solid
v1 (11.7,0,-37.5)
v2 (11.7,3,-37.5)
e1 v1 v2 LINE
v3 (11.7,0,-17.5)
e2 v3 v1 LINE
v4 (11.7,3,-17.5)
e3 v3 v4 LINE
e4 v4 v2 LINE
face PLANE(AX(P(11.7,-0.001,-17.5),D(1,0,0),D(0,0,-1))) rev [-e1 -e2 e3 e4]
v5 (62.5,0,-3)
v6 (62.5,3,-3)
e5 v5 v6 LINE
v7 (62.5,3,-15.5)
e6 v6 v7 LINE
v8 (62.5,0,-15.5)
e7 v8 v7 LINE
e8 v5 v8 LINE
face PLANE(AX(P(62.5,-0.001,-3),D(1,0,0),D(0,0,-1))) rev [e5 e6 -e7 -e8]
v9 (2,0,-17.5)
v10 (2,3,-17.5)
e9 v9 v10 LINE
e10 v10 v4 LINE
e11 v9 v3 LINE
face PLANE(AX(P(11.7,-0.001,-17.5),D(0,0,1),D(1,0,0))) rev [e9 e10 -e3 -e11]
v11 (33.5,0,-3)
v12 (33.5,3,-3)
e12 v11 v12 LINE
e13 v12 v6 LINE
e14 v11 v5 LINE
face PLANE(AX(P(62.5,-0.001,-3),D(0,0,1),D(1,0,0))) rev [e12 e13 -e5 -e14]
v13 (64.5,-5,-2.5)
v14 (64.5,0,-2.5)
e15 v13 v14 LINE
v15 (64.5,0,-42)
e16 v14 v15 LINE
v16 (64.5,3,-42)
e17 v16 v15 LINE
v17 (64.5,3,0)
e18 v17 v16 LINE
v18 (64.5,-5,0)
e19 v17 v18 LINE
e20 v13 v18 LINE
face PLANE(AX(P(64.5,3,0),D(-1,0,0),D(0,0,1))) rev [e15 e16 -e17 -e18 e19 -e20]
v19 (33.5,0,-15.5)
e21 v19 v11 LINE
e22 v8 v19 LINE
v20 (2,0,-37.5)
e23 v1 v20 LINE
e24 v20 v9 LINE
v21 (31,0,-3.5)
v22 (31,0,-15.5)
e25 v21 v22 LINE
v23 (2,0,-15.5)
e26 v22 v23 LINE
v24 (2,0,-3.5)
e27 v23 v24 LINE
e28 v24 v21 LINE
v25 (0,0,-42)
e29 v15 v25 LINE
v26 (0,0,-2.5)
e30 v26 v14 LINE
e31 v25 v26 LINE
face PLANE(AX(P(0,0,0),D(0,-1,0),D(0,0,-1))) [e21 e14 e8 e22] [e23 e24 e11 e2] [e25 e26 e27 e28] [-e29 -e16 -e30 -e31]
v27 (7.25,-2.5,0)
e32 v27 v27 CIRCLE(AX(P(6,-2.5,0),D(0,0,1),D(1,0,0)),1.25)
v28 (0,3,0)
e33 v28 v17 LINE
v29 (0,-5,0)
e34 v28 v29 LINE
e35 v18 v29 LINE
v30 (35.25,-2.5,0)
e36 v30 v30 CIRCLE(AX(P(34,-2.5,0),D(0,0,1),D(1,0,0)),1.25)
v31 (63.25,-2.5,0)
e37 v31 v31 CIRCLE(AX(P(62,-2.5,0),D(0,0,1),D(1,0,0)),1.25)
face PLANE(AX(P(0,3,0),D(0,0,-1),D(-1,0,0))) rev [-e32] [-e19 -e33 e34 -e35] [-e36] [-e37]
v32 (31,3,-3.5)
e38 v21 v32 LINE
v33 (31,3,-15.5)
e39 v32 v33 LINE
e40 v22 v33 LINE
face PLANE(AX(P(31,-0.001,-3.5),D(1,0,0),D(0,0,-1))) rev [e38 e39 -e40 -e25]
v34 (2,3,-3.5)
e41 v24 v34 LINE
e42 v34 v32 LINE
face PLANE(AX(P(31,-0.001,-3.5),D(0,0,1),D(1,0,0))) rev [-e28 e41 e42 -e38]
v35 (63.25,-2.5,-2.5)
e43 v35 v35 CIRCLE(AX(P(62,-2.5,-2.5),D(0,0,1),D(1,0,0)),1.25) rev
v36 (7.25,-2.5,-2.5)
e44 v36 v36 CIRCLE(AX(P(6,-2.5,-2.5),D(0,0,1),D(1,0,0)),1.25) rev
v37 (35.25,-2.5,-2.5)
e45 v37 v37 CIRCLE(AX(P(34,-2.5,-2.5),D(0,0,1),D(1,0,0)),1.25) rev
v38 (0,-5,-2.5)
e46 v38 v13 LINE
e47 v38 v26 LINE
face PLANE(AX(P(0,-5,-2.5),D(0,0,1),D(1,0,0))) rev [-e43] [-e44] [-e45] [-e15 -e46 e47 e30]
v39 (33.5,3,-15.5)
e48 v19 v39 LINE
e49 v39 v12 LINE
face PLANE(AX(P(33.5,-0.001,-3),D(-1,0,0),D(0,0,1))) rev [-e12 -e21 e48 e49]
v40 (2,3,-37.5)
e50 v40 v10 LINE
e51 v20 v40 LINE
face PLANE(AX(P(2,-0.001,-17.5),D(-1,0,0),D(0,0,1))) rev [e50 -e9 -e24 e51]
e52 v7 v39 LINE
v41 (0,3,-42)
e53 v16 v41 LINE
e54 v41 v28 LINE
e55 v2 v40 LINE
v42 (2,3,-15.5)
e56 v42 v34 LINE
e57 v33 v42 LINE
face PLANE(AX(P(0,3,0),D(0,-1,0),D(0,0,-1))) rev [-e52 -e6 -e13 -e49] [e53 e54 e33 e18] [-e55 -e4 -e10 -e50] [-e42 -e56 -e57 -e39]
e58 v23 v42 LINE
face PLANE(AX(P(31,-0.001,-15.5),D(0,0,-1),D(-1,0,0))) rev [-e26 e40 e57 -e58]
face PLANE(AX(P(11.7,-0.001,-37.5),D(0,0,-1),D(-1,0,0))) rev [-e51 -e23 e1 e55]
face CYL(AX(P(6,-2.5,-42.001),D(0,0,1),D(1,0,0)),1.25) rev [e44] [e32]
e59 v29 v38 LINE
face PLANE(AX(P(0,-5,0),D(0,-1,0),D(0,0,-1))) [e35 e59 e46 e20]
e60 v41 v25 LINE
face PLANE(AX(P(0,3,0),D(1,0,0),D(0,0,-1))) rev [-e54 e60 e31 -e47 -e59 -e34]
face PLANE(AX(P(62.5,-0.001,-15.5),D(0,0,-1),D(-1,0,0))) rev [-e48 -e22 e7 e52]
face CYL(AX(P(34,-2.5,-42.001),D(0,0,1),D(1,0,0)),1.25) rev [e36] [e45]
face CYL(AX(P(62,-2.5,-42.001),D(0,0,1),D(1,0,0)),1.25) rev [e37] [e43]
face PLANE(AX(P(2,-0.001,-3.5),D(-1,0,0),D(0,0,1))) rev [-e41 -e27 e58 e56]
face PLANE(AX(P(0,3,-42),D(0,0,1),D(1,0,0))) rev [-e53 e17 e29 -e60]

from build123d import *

# Parameters (mm, degrees)
SKETCH1_W           = 64.5
SKETCH1_H           = 42
BOSS_EXTRUDE1_DEPTH = 3
CUT_EXTRUDE1_REACH  = 79.028
SKETCH2_W           = 29
SKETCH2_H           = 12.5
SKETCH2_H_2         = 12
SKETCH2_W_2         = 9.7
SKETCH2_H_3         = 20
SKETCH5_W           = 64.5
SKETCH5_H           = 2.5
BOSS_EXTRUDE4_DEPTH = 5
CUT_EXTRUDE2_REACH  = 79.131
SKETCH4_R           = 1.25


with BuildPart() as part:
    # Sketch1 → Boss-Extrude1 (new body)
    with BuildSketch(Plane(origin=(0, 0, 0), x_dir=(1, 0, 0), z_dir=(0, 1, 0))):
        with Locations((32.25, 21)):
            Rectangle(SKETCH1_W, SKETCH1_H)
    extrude(amount=BOSS_EXTRUDE1_DEPTH)

    # Sketch2 → Cut-Extrude1 (cut, up to next)
    with BuildSketch(Plane(origin=(0, 3, 0), x_dir=(1, 0, 0), z_dir=(0, 1, 0)), mode=Mode.PRIVATE) as cut_extrude1_sk1:
        with Locations((48, 9.25)):
            Rectangle(SKETCH2_W, SKETCH2_H)
    cut_extrude1_tool1 = extrude(cut_extrude1_sk1.sketch, amount=-CUT_EXTRUDE1_REACH, mode=Mode.PRIVATE) & part.part
    # Sketch2 → Cut-Extrude1 (cut, up to next)
    with BuildSketch(Plane(origin=(0, 3, 0), x_dir=(1, 0, 0), z_dir=(0, 1, 0)), mode=Mode.PRIVATE) as cut_extrude1_sk2:
        with Locations((16.5, 9.5)):
            Rectangle(SKETCH2_W, SKETCH2_H_2)
    cut_extrude1_tool2 = extrude(cut_extrude1_sk2.sketch, amount=-CUT_EXTRUDE1_REACH, mode=Mode.PRIVATE) & part.part
    # Sketch2 → Cut-Extrude1 (cut, up to next)
    with BuildSketch(Plane(origin=(0, 3, 0), x_dir=(1, 0, 0), z_dir=(0, 1, 0)), mode=Mode.PRIVATE) as cut_extrude1_sk3:
        with Locations((6.85, 27.5)):
            Rectangle(SKETCH2_W_2, SKETCH2_H_3)
    cut_extrude1_tool3 = extrude(cut_extrude1_sk3.sketch, amount=-CUT_EXTRUDE1_REACH, mode=Mode.PRIVATE) & part.part
    add(cut_extrude1_tool1.solids().sort_by_distance((48, 3, -9.25))[0], mode=Mode.SUBTRACT)
    add(cut_extrude1_tool2.solids().sort_by_distance((16.5, 3, -9.5))[0], mode=Mode.SUBTRACT)
    add(cut_extrude1_tool3.solids().sort_by_distance((6.85, 3, -27.5))[0], mode=Mode.SUBTRACT)

    # Sketch5 → Boss-Extrude4 (add)
    with BuildSketch(Plane.XZ):
        with Locations((32.25, -1.25)):
            Rectangle(SKETCH5_W, SKETCH5_H)
    extrude(amount=BOSS_EXTRUDE4_DEPTH)

    # Sketch4 → Cut-Extrude2 (cut, up to next)
    with BuildSketch(Plane.XY, mode=Mode.PRIVATE) as cut_extrude2_sk1:
        with Locations((62, -2.5)):
            Circle(SKETCH4_R)
    cut_extrude2_tool1 = extrude(cut_extrude2_sk1.sketch, amount=-CUT_EXTRUDE2_REACH, mode=Mode.PRIVATE) & part.part
    # Sketch4 → Cut-Extrude2 (cut, up to next)
    with BuildSketch(Plane.XY, mode=Mode.PRIVATE) as cut_extrude2_sk2:
        with Locations((6, -2.5)):
            Circle(SKETCH4_R)
    cut_extrude2_tool2 = extrude(cut_extrude2_sk2.sketch, amount=-CUT_EXTRUDE2_REACH, mode=Mode.PRIVATE) & part.part
    # Sketch4 → Cut-Extrude2 (cut, up to next)
    with BuildSketch(Plane.XY, mode=Mode.PRIVATE) as cut_extrude2_sk3:
        with Locations((34, -2.5)):
            Circle(SKETCH4_R)
    cut_extrude2_tool3 = extrude(cut_extrude2_sk3.sketch, amount=-CUT_EXTRUDE2_REACH, mode=Mode.PRIVATE) & part.part
    add(cut_extrude2_tool1.solids().sort_by_distance((62, -2.5, 0))[0], mode=Mode.SUBTRACT)
    add(cut_extrude2_tool2.solids().sort_by_distance((6, -2.5, 0))[0], mode=Mode.SUBTRACT)
    add(cut_extrude2_tool3.solids().sort_by_distance((34, -2.5, 0))[0], mode=Mode.SUBTRACT)


solid = part.part
